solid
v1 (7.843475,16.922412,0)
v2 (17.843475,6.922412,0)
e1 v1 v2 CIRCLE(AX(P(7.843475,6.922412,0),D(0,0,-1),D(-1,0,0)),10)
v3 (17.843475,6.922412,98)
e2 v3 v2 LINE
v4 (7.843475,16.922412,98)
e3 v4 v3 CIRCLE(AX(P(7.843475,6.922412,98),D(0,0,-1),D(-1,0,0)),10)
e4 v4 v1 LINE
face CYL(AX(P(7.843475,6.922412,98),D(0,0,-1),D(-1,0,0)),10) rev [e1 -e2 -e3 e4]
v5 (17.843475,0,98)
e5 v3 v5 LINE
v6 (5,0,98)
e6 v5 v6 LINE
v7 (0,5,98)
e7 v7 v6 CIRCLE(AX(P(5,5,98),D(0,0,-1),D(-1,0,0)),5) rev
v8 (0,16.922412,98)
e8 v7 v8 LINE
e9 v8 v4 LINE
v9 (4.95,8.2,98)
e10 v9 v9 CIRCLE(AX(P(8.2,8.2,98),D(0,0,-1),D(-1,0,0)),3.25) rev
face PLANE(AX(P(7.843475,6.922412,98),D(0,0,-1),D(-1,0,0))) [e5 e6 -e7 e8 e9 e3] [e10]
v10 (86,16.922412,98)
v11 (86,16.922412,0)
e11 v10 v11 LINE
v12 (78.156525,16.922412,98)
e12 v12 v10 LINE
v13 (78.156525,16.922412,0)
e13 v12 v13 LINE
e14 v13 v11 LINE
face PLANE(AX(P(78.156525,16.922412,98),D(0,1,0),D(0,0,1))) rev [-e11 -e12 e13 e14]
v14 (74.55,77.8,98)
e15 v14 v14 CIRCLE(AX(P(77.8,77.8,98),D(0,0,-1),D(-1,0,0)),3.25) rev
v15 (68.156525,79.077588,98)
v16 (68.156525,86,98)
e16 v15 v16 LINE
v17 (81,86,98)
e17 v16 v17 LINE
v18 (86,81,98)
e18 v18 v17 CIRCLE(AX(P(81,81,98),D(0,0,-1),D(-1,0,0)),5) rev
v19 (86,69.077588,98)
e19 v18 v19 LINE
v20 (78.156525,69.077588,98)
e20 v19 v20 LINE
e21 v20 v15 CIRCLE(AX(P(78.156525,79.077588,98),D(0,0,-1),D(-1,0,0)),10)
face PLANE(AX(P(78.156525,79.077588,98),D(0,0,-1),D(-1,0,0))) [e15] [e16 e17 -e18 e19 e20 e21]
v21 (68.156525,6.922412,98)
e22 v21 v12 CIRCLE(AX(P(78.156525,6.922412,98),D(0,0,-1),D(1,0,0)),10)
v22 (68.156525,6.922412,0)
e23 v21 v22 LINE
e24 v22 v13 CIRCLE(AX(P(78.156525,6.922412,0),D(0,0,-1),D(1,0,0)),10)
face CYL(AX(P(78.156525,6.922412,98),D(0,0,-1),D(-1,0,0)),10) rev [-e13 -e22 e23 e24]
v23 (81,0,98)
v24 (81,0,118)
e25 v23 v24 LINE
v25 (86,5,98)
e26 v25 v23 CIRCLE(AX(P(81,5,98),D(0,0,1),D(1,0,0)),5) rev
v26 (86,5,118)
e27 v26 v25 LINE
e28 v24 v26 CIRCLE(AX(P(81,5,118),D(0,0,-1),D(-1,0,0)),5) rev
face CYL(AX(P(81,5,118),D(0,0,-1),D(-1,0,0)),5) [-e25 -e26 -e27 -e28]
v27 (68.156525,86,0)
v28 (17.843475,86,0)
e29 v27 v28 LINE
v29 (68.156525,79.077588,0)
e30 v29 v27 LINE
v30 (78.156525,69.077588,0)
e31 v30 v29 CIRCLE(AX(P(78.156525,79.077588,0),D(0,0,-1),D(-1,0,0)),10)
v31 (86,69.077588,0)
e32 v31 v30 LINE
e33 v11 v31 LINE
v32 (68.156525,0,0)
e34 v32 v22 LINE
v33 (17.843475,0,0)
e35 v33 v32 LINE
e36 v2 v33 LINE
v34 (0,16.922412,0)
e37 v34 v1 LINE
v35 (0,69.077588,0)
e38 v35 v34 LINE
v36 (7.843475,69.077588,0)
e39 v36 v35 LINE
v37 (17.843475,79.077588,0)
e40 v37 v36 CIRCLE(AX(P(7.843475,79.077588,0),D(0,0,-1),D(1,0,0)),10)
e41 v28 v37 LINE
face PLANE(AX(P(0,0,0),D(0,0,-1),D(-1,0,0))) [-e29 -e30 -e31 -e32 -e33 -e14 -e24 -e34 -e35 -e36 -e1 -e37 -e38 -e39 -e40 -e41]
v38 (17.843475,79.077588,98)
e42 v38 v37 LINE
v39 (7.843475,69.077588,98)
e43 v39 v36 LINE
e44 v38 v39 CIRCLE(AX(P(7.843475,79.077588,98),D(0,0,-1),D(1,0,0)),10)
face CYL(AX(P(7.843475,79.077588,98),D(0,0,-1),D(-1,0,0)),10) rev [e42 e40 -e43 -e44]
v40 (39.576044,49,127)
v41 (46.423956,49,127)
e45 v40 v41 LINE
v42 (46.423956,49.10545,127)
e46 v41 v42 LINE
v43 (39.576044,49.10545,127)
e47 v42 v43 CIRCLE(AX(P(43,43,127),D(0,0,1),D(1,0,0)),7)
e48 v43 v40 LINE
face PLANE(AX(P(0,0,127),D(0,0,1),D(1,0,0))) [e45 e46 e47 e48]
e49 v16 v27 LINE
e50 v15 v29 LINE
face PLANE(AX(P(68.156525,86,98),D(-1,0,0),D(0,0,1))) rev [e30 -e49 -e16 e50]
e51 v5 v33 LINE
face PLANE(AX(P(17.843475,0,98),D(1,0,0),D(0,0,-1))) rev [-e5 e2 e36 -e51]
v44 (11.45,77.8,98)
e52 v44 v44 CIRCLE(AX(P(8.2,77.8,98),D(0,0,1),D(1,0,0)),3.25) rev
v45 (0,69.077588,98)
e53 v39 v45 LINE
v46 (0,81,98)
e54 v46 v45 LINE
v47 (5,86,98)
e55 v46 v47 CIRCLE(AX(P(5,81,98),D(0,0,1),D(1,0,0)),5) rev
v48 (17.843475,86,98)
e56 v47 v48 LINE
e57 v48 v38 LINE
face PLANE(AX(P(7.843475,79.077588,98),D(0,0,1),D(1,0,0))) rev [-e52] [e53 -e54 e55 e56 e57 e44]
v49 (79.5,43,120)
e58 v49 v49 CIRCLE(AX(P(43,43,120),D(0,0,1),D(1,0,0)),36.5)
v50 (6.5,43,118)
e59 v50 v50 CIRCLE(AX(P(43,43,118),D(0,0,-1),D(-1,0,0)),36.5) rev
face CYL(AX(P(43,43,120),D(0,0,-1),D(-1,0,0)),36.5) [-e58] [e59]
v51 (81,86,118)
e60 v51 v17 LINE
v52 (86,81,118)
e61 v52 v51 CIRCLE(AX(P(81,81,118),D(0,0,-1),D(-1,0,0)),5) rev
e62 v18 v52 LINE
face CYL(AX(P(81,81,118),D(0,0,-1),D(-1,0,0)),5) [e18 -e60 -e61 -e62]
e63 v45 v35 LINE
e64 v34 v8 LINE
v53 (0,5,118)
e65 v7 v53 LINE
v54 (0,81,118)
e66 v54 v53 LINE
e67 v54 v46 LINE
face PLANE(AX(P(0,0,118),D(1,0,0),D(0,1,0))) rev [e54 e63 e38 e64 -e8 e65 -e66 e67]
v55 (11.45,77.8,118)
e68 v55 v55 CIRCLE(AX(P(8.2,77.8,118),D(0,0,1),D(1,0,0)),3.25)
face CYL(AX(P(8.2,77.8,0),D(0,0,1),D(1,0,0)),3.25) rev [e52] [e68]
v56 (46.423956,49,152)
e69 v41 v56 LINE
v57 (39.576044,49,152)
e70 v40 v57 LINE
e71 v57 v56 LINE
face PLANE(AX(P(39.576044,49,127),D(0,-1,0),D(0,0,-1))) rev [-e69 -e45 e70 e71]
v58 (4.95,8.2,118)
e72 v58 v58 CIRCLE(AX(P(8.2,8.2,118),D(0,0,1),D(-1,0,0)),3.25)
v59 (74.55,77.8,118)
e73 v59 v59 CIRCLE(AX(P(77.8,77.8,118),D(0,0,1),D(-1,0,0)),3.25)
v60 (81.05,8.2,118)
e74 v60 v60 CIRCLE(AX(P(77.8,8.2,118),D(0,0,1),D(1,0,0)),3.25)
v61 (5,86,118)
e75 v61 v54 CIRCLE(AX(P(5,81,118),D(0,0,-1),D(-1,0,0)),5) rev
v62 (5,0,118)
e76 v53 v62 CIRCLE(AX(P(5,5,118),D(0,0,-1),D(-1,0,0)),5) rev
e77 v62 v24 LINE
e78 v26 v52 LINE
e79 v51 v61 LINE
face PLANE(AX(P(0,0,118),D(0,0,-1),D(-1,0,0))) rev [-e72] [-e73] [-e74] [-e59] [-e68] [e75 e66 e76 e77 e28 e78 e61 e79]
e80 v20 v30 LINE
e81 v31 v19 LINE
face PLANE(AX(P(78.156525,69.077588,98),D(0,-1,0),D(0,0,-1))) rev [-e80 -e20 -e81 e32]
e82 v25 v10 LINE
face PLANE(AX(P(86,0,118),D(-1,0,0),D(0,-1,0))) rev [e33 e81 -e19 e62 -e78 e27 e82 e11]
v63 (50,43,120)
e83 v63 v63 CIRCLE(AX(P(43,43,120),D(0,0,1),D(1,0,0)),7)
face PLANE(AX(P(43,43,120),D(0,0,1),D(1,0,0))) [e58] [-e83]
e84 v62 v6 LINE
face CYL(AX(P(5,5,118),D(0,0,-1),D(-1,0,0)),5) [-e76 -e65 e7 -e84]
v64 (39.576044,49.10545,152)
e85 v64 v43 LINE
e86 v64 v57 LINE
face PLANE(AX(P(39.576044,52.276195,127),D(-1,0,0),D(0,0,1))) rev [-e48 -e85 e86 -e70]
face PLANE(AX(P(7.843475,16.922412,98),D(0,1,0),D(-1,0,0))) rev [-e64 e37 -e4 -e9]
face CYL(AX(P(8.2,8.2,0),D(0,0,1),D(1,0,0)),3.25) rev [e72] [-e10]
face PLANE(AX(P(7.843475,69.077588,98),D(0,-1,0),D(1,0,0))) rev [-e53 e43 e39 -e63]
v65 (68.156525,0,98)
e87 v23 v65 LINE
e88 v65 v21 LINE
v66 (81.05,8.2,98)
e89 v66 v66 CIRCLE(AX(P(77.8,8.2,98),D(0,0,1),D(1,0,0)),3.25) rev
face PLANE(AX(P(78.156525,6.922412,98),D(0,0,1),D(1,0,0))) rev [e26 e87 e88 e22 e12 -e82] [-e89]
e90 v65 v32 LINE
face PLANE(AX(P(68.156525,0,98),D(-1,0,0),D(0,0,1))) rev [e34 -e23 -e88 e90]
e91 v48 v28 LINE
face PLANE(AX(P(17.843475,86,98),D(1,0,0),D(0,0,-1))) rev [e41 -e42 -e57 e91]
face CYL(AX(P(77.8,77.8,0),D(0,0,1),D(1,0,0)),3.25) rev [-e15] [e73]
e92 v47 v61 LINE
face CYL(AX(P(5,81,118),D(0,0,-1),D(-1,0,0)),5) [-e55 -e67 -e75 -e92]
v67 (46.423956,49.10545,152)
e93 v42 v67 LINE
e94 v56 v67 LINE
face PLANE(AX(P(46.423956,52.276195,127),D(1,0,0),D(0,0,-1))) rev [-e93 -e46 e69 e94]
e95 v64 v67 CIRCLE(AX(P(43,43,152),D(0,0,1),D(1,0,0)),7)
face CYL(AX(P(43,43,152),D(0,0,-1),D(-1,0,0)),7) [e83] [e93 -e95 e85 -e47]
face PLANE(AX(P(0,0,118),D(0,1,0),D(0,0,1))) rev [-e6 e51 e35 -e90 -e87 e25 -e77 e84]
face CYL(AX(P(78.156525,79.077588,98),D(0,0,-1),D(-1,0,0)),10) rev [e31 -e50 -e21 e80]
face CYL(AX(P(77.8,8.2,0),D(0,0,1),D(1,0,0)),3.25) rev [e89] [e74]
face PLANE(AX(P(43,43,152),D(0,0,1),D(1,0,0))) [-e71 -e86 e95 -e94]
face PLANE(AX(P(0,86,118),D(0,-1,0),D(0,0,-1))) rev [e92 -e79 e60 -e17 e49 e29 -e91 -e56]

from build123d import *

# Parameters (mm, degrees)
SKETCH_1_W          = 86
SKETCH_1_H          = 86
EXTRUDE_1_DEPTH     = 118
FILLET_1_R          = 5
SKETCH_2_R          = 36.5
EXTRUDE_2_DEPTH     = 2
SKETCH_3_R          = 7
EXTRUDE_3_DEPTH     = 32
SKETCH_4_W          = 6.847911944
SKETCH_4_H          = 3.276194793
CUT_EXTRUDE_1_DEPTH = 25
SKETCH_5_R          = 3.25
CUT_EXTRUDE_2_DEPTH = 119
CUT_EXTRUDE_3_DEPTH = 98


with BuildPart() as part:
    # 草图1 → 凸台-拉伸1 (new body)
    with BuildSketch(Plane.XY):
        with Locations((43, 43)):
            Rectangle(SKETCH_1_W, SKETCH_1_H)
    extrude(amount=EXTRUDE_1_DEPTH)

    # 圆角1
    fillet_1_edges = [part.edges().sort_by_distance(p)[0] for p in [
        (0, 86, 59),
        (86, 86, 59),
        (86, 0, 59),
        (0, 0, 59),
    ]]
    fillet(fillet_1_edges, radius=FILLET_1_R)

    # 草图2 → 凸台-拉伸2 (add)
    with BuildSketch(Plane.XY.offset(118)):
        with Locations((43, 43)):
            Circle(SKETCH_2_R)
    extrude(amount=EXTRUDE_2_DEPTH)

    # 草图3 → 凸台-拉伸3 (add)
    with BuildSketch(Plane.XY.offset(120)):
        with Locations((43, 43)):
            Circle(SKETCH_3_R)
    extrude(amount=EXTRUDE_3_DEPTH)

    # 草图4 → 切除-拉伸1 (cut)
    with BuildSketch(Plane.XY.offset(152)):
        with Locations((43, 50.638097397)):
            Rectangle(SKETCH_4_W, SKETCH_4_H)
    extrude(amount=-CUT_EXTRUDE_1_DEPTH, mode=Mode.SUBTRACT)

    # 草图5 → 切除-拉伸2 (cut, through all)
    with BuildSketch(Plane.XY.offset(118)):
        with Locations((8.2, 77.8)):
            Circle(SKETCH_5_R)
        with Locations((77.8, 77.8)):
            Circle(SKETCH_5_R)
        with Locations((77.8, 8.2)):
            Circle(SKETCH_5_R)
        with Locations((8.2, 8.2)):
            Circle(SKETCH_5_R)
    extrude(amount=-CUT_EXTRUDE_2_DEPTH, mode=Mode.SUBTRACT)

    # 草图6 → 切除-拉伸3 (cut)
    with BuildSketch(Plane(origin=(0, 0, 0), x_dir=(-1, 0, 0), z_dir=(0, 0, -1))):
        with BuildLine():
            Line((-68.156525259, 86), (-93.025218422, 86))
            Line((-93.025218422, 86), (-93.025218422, 69.077587969))
            Line((-93.025218422, 69.077587969), (-78.156525259, 69.077587969))
            ThreePointArc((-78.156525259, 69.077587969), (-71.085457448, 72.006520157), (-68.156525259, 79.077587969))
            Line((-68.156525259, 79.077587969), (-68.156525259, 86))
        make_face()
        with BuildLine():
            Line((-17.843474741, 86), (-17.843474741, 79.077587969))
            ThreePointArc((-17.843474741, 79.077587969), (-14.914542552, 72.006520157), (-7.843474741, 69.077587969))
            Line((-7.843474741, 69.077587969), (7.025218422, 69.077587969))
            Line((7.025218422, 69.077587969), (7.025218422, 86))
            Line((7.025218422, 86), (-17.843474741, 86))
        make_face()
        with BuildLine():
            Line((-7.843474741, 16.922412031), (7.025218422, 16.922412031))
            Line((7.025218422, 16.922412031), (7.025218422, 0))
            Line((7.025218422, 0), (-17.843474741, 0))
            Line((-17.843474741, 0), (-17.843474741, 6.922412031))
            ThreePointArc((-17.843474741, 6.922412031), (-14.914542552, 13.993479843), (-7.843474741, 16.922412031))
        make_face()
        with BuildLine():
            Line((-68.156525259, 0), (-68.156525259, 6.922412031))
            ThreePointArc((-68.156525259, 6.922412031), (-71.085457448, 13.993479843), (-78.156525259, 16.922412031))
            Line((-78.156525259, 16.922412031), (-93.025218422, 16.922412031))
            Line((-93.025218422, 16.922412031), (-93.025218422, 0))
            Line((-93.025218422, 0), (-68.156525259, 0))
        make_face()
    extrude(amount=-CUT_EXTRUDE_3_DEPTH, mode=Mode.SUBTRACT)


solid = part.part
